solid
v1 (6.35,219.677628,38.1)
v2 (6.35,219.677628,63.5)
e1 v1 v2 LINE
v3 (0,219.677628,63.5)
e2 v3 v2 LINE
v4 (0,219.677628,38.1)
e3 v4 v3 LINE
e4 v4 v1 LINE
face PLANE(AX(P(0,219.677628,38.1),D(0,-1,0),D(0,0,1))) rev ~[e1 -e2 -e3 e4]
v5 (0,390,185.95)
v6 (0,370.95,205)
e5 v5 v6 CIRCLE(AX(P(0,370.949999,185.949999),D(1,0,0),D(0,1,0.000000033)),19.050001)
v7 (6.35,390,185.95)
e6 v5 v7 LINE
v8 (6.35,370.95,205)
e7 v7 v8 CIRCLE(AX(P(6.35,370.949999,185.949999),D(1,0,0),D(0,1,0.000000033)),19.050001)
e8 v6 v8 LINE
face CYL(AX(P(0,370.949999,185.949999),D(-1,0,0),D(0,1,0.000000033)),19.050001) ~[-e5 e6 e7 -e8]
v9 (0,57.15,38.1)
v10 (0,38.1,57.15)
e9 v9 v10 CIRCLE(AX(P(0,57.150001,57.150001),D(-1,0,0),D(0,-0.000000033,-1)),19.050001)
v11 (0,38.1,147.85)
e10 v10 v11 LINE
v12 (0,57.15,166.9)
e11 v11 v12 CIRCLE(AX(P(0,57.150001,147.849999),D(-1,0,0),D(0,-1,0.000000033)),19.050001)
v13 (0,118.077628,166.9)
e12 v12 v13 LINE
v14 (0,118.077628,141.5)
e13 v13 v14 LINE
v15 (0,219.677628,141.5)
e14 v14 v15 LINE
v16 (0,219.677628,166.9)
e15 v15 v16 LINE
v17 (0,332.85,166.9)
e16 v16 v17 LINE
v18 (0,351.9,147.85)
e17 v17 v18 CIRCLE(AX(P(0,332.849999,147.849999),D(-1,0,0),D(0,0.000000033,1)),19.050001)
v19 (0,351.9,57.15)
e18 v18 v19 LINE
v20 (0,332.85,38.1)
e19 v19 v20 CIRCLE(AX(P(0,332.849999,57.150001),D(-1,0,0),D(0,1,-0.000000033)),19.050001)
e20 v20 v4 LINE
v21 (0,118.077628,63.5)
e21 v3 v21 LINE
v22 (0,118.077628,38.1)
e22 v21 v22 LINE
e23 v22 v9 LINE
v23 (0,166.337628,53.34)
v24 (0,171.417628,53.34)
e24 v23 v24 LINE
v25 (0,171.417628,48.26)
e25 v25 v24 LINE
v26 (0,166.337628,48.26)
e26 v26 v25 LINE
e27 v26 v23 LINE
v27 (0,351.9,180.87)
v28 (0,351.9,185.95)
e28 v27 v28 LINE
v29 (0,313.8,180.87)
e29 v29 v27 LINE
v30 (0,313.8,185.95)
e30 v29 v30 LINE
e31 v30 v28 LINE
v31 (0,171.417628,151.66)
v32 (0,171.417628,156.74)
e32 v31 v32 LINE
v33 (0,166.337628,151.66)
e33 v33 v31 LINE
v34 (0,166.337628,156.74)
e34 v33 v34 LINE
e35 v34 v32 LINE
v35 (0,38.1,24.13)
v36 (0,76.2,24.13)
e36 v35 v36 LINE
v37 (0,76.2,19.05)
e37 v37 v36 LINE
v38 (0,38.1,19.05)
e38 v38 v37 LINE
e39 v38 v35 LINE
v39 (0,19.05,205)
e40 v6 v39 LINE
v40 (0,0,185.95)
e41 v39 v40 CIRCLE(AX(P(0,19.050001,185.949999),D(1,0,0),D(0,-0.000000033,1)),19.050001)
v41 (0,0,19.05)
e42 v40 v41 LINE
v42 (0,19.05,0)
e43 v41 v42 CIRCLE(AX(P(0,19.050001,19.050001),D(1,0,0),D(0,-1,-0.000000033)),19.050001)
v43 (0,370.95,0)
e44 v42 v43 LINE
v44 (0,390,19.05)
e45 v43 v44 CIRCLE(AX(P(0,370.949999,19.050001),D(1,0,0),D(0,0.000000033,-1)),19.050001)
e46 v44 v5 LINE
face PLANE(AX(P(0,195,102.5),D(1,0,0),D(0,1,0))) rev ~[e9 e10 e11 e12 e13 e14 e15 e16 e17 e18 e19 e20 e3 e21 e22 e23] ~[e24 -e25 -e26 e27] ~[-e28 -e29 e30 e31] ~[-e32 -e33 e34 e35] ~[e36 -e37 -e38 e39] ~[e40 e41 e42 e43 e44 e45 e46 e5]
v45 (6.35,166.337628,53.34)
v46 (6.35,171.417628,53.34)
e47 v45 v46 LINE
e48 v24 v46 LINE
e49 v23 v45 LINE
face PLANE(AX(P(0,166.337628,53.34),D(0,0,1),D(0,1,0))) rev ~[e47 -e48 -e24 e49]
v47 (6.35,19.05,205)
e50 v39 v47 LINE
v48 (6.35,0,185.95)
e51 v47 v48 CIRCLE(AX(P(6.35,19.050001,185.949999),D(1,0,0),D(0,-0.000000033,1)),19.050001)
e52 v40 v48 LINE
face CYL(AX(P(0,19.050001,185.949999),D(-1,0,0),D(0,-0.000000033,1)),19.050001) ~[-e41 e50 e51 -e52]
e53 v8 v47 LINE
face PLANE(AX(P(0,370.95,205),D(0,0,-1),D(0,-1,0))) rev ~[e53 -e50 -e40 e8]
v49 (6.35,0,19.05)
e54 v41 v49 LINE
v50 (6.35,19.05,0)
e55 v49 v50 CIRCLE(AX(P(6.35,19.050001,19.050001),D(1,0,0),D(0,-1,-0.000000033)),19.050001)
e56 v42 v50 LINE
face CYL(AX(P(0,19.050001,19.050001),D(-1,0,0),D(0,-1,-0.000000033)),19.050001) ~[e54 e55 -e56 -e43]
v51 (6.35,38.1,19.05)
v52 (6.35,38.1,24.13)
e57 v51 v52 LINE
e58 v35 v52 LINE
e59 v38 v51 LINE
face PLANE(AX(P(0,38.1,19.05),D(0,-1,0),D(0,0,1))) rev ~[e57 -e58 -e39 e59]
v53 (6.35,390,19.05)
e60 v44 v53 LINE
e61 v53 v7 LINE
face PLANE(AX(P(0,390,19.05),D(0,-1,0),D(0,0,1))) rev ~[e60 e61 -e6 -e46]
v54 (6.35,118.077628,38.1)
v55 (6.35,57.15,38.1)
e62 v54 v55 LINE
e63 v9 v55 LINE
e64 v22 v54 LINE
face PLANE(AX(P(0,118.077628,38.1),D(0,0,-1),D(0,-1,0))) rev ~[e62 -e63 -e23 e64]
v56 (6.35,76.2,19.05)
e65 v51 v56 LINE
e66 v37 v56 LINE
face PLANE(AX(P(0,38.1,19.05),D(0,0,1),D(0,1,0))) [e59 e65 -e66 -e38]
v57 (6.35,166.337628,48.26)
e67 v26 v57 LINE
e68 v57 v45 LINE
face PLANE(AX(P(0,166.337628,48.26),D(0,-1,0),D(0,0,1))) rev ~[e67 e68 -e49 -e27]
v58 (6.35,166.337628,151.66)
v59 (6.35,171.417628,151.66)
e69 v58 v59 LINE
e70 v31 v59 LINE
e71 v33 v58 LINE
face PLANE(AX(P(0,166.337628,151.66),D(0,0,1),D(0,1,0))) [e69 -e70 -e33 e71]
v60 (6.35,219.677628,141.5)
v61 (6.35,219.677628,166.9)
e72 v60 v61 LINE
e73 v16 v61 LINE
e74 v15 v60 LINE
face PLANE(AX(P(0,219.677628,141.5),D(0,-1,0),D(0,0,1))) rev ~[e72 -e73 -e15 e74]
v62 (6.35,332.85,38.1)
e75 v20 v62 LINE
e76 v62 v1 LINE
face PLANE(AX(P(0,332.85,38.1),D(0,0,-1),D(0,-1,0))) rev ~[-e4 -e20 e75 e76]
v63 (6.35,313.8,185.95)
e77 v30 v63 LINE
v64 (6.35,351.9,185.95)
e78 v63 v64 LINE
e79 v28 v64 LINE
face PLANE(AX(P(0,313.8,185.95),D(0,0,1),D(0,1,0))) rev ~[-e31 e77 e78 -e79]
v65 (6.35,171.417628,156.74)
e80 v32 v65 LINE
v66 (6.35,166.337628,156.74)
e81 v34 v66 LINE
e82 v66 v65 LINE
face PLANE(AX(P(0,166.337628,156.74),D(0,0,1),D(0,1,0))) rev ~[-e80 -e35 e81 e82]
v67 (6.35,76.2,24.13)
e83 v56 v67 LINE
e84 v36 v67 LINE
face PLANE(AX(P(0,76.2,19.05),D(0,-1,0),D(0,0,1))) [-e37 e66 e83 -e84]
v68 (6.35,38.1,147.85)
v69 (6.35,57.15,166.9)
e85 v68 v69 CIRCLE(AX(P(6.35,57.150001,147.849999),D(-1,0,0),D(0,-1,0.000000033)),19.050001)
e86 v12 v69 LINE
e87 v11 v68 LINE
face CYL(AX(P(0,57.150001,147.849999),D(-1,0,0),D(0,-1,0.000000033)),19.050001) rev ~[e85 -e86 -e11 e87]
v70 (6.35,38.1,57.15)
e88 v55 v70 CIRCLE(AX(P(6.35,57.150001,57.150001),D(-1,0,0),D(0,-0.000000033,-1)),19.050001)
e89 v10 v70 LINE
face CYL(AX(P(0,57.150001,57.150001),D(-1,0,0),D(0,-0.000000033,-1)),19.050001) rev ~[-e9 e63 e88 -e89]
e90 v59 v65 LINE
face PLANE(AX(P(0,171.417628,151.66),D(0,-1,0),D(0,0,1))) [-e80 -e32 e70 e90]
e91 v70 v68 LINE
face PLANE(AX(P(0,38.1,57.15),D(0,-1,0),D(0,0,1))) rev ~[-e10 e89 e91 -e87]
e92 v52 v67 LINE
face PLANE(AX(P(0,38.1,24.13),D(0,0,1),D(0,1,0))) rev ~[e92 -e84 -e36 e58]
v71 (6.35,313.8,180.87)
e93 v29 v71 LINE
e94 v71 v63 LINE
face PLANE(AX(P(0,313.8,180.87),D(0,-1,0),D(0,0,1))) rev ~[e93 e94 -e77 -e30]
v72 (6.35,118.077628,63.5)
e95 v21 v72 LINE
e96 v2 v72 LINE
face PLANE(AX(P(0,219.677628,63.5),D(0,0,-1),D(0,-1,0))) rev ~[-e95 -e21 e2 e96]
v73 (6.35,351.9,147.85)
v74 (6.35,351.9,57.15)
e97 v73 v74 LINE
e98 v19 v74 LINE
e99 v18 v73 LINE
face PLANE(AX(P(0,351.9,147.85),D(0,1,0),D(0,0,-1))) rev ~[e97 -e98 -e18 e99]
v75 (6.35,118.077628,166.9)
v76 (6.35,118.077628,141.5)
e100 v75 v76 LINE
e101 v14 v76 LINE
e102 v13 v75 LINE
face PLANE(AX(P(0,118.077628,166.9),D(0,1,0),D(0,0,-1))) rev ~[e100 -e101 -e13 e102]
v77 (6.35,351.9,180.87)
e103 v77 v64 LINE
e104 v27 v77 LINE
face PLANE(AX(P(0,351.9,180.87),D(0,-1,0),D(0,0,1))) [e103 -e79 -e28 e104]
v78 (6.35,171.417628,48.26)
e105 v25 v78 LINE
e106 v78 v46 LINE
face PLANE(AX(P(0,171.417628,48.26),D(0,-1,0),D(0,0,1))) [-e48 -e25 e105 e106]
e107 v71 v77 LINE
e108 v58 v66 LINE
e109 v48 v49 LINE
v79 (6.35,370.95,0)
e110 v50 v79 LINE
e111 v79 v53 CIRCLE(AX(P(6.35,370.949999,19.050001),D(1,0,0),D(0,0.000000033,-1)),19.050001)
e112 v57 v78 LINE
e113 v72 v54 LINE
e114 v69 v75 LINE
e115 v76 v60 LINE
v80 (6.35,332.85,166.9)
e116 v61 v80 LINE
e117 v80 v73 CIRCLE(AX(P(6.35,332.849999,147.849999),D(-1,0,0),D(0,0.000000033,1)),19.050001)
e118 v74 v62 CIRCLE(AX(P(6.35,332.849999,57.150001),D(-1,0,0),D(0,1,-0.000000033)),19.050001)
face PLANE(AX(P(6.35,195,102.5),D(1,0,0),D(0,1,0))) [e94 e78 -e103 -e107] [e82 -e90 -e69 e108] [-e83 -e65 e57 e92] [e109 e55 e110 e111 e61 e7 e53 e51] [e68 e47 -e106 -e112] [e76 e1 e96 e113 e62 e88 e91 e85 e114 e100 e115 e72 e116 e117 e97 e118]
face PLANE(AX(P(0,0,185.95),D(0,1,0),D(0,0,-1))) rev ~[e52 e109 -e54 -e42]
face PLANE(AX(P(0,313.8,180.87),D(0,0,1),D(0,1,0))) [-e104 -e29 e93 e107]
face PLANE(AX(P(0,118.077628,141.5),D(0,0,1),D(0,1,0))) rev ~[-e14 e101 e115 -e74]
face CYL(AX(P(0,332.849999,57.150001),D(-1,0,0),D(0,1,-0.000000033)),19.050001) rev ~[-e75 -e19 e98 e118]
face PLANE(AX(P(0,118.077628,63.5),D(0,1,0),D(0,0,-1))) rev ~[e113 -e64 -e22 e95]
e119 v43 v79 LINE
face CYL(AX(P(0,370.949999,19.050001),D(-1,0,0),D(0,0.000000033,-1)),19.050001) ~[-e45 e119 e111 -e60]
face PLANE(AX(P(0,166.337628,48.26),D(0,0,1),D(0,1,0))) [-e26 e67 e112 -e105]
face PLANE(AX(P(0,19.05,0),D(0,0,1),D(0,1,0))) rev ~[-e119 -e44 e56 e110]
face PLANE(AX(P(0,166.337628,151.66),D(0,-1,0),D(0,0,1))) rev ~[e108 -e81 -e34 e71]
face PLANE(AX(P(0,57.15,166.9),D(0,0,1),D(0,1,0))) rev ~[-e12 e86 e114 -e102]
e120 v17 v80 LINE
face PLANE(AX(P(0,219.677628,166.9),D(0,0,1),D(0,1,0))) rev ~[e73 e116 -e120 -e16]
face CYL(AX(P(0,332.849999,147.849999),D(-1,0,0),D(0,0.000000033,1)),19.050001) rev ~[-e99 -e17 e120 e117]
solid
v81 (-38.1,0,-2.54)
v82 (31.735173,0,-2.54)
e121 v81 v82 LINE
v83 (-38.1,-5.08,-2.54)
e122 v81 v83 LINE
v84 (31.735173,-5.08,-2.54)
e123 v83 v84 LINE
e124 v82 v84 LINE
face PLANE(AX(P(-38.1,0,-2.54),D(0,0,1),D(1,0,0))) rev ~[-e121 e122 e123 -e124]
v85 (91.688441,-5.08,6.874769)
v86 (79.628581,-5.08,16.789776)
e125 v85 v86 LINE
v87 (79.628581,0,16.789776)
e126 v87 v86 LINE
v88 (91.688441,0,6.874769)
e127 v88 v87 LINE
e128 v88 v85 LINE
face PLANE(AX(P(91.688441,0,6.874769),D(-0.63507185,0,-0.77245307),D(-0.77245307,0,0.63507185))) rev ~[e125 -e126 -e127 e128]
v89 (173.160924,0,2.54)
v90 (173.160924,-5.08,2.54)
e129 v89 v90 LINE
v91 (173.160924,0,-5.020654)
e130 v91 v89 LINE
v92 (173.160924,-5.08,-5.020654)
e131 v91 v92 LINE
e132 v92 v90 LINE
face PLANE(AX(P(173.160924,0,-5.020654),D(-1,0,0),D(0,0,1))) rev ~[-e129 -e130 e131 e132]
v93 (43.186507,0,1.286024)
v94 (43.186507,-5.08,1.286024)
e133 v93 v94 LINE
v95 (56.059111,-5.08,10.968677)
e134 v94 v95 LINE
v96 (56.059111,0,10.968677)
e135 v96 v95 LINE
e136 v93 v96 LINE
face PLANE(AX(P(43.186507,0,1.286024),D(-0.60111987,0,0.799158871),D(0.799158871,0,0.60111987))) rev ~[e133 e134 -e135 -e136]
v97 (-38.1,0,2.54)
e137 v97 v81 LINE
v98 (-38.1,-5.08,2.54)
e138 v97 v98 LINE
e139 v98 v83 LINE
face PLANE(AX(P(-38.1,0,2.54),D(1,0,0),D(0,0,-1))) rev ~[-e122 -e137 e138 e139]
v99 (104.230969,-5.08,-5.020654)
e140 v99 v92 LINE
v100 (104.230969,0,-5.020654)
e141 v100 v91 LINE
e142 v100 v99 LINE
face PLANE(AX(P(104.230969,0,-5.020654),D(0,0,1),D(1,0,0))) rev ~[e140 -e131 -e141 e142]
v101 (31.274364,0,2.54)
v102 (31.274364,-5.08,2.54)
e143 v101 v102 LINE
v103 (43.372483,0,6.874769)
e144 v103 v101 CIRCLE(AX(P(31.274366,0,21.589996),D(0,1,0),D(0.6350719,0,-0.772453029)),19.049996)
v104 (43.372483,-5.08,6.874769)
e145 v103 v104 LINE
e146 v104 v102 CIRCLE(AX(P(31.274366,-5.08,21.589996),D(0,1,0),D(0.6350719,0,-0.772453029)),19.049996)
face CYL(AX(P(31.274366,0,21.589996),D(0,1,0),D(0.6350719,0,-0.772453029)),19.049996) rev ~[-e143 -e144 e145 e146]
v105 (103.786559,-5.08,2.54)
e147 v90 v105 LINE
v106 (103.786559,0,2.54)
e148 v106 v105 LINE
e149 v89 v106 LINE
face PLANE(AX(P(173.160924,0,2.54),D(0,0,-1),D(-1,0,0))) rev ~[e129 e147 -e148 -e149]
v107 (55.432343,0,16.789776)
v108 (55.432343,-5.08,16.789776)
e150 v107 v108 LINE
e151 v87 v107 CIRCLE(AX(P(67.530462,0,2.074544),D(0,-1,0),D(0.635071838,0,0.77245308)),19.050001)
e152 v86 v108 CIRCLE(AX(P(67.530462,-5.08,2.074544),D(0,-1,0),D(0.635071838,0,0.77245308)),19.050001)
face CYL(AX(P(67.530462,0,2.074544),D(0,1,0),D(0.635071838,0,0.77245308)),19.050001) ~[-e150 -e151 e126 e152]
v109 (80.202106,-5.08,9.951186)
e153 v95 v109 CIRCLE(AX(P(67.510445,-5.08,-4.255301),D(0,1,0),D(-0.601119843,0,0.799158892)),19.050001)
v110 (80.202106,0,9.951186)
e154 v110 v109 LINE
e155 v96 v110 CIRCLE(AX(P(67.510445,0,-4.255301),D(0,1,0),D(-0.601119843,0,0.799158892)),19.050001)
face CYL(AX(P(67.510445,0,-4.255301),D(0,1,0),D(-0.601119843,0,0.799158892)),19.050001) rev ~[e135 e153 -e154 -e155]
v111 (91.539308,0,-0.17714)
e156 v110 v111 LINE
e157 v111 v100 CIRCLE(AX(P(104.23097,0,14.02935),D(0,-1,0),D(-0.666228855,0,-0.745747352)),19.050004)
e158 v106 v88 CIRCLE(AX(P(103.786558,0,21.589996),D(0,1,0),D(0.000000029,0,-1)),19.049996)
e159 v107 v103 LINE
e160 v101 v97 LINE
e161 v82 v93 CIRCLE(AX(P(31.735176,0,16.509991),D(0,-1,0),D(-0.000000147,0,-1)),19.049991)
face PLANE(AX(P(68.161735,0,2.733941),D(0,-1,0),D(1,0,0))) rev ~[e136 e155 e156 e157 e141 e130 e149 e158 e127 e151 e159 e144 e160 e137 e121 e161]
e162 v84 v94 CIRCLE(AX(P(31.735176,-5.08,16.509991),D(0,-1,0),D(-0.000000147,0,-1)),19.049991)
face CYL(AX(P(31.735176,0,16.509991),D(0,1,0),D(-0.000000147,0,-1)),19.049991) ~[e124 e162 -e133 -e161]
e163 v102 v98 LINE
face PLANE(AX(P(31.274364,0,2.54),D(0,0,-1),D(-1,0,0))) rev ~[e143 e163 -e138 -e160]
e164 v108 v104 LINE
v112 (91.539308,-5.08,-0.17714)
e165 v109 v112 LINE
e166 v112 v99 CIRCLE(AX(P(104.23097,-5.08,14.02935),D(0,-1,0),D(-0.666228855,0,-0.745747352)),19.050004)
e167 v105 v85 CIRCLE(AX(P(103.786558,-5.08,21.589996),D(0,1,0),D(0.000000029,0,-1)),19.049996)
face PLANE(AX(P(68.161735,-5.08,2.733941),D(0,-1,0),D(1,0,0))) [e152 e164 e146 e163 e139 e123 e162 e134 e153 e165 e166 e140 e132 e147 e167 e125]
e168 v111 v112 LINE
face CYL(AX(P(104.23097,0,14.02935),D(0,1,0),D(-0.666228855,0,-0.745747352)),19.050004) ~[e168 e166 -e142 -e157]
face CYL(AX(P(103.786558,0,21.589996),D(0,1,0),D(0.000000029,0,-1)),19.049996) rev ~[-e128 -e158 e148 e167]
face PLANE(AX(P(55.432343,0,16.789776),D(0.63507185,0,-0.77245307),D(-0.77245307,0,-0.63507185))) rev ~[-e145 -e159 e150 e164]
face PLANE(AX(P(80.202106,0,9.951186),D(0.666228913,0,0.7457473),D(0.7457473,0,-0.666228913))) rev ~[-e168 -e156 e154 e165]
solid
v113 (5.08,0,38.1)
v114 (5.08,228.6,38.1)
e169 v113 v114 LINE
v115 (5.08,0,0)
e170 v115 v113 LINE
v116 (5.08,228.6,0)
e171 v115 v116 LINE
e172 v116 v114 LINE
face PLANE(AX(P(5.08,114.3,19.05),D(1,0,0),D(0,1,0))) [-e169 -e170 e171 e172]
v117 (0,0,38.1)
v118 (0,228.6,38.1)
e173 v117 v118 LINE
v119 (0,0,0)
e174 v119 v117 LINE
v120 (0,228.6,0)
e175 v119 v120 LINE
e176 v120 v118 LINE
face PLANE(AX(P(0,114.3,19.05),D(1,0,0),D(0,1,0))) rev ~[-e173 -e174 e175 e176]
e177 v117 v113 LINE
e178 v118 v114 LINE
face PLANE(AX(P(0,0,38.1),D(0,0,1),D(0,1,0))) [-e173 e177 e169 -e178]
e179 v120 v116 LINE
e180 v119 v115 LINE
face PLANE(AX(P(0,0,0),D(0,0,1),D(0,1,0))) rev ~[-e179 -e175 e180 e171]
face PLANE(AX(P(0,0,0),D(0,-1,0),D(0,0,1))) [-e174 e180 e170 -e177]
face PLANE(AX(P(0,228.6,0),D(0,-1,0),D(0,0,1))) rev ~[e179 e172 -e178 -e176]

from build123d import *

# Parameters (mm, degrees)
F0_W     = 38.1
F0_H     = 5.08
F0_W_2   = 5.08
F1_DEPTH = 6.35
F2_W     = 228.6
F2_H     = 38.1
F3_DEPTH = 5.08
F5_DEPTH = 5.08


with BuildPart() as f1:
    # F0 (on Right) → F1 (new body)
    with BuildSketch(Plane.YZ):
        with BuildLine():
            ThreePointArc((0, 19.05), (5.579616, 5.579616), (19.05, 0))
            Line((19.05, 0), (370.95, 0))
            ThreePointArc((370.95, 0), (384.420384, 5.579616), (390, 19.05))
            Line((390, 19.05), (390, 185.95))
            ThreePointArc((390, 185.95), (384.420384, 199.420384), (370.95, 205))
            Line((370.95, 205), (19.05, 205))
            ThreePointArc((19.05, 205), (5.579616, 199.420384), (0, 185.95))
            Line((0, 185.95), (0, 19.05))
        make_face()
        with Locations((57.15, 21.59)):
            Rectangle(F0_W, F0_H, mode=Mode.SUBTRACT)
        with Locations((168.877628, 50.8)):
            Rectangle(F0_W_2, F0_H, mode=Mode.SUBTRACT)
        with Locations((168.877628, 154.2)):
            Rectangle(F0_W_2, F0_H, mode=Mode.SUBTRACT)
        with BuildLine():
            ThreePointArc((38.1, 147.85), (43.679616, 161.320384), (57.15, 166.9))
            Line((57.15, 166.9), (118.077628, 166.9))
            Line((118.077628, 166.9), (118.077628, 141.5))
            Line((118.077628, 141.5), (219.677628, 141.5))
            Line((219.677628, 141.5), (219.677628, 166.9))
            Line((219.677628, 166.9), (332.85, 166.9))
            ThreePointArc((332.85, 166.9), (346.320384, 161.320384), (351.9, 147.85))
            Line((351.9, 147.85), (351.9, 57.15))
            ThreePointArc((351.9, 57.15), (346.320384, 43.679616), (332.85, 38.1))
            Line((332.85, 38.1), (219.677628, 38.1))
            Line((219.677628, 38.1), (219.677628, 63.5))
            Line((219.677628, 63.5), (118.077628, 63.5))
            Line((118.077628, 63.5), (118.077628, 38.1))
            Line((118.077628, 38.1), (57.15, 38.1))
            ThreePointArc((57.15, 38.1), (43.679616, 43.679616), (38.1, 57.15))
            Line((38.1, 57.15), (38.1, 147.85))
        make_face(mode=Mode.SUBTRACT)
        with Locations((332.85, 183.41)):
            Rectangle(F0_W, F0_H, mode=Mode.SUBTRACT)
    extrude(amount=F1_DEPTH)


with BuildPart() as f3:
    # F2 (on Right) → F3 (new body)
    with BuildSketch(Plane.YZ):
        with Locations((114.3, 19.05)):
            Rectangle(F2_W, F2_H)
    extrude(amount=F3_DEPTH)


with BuildPart() as f5:
    # F4 (on Front) → F5 (new body)
    with BuildSketch(Plane.XZ):
        with BuildLine():
            Line((31.274364, 2.54), (-38.1, 2.54))
            Line((-38.1, 2.54), (-38.1, -2.54))
            Line((-38.1, -2.54), (31.735173, -2.54))
            ThreePointArc((31.735173, -2.54), (37.771967, -1.558194), (43.186507, 1.286024))
            Line((43.186507, 1.286024), (56.059111, 10.968677))
            ThreePointArc((56.059111, 10.968677), (68.312582, 14.777805), (80.202106, 9.951186))
            Line((80.202106, 9.951186), (91.539308, -0.17714))
            ThreePointArc((91.539308, -0.17714), (97.438733, -3.768632), (104.230969, -5.020654))
            Line((104.230969, -5.020654), (173.160924, -5.020654))
            Line((173.160924, -5.020654), (173.160924, 2.54))
            Line((173.160924, 2.54), (103.786559, 2.54))
            ThreePointArc((103.786559, 2.54), (97.360933, 3.656405), (91.688441, 6.874769))
            Line((91.688441, 6.874769), (79.628581, 16.789776))
            ThreePointArc((79.628581, 16.789776), (67.530462, 21.124545), (55.432343, 16.789776))
            Line((55.432343, 16.789776), (43.372483, 6.874769))
            ThreePointArc((43.372483, 6.874769), (37.699991, 3.656405), (31.274364, 2.54))
        make_face()
    extrude(amount=F5_DEPTH)


solid = Compound([f1.part, f3.part, f5.part])
